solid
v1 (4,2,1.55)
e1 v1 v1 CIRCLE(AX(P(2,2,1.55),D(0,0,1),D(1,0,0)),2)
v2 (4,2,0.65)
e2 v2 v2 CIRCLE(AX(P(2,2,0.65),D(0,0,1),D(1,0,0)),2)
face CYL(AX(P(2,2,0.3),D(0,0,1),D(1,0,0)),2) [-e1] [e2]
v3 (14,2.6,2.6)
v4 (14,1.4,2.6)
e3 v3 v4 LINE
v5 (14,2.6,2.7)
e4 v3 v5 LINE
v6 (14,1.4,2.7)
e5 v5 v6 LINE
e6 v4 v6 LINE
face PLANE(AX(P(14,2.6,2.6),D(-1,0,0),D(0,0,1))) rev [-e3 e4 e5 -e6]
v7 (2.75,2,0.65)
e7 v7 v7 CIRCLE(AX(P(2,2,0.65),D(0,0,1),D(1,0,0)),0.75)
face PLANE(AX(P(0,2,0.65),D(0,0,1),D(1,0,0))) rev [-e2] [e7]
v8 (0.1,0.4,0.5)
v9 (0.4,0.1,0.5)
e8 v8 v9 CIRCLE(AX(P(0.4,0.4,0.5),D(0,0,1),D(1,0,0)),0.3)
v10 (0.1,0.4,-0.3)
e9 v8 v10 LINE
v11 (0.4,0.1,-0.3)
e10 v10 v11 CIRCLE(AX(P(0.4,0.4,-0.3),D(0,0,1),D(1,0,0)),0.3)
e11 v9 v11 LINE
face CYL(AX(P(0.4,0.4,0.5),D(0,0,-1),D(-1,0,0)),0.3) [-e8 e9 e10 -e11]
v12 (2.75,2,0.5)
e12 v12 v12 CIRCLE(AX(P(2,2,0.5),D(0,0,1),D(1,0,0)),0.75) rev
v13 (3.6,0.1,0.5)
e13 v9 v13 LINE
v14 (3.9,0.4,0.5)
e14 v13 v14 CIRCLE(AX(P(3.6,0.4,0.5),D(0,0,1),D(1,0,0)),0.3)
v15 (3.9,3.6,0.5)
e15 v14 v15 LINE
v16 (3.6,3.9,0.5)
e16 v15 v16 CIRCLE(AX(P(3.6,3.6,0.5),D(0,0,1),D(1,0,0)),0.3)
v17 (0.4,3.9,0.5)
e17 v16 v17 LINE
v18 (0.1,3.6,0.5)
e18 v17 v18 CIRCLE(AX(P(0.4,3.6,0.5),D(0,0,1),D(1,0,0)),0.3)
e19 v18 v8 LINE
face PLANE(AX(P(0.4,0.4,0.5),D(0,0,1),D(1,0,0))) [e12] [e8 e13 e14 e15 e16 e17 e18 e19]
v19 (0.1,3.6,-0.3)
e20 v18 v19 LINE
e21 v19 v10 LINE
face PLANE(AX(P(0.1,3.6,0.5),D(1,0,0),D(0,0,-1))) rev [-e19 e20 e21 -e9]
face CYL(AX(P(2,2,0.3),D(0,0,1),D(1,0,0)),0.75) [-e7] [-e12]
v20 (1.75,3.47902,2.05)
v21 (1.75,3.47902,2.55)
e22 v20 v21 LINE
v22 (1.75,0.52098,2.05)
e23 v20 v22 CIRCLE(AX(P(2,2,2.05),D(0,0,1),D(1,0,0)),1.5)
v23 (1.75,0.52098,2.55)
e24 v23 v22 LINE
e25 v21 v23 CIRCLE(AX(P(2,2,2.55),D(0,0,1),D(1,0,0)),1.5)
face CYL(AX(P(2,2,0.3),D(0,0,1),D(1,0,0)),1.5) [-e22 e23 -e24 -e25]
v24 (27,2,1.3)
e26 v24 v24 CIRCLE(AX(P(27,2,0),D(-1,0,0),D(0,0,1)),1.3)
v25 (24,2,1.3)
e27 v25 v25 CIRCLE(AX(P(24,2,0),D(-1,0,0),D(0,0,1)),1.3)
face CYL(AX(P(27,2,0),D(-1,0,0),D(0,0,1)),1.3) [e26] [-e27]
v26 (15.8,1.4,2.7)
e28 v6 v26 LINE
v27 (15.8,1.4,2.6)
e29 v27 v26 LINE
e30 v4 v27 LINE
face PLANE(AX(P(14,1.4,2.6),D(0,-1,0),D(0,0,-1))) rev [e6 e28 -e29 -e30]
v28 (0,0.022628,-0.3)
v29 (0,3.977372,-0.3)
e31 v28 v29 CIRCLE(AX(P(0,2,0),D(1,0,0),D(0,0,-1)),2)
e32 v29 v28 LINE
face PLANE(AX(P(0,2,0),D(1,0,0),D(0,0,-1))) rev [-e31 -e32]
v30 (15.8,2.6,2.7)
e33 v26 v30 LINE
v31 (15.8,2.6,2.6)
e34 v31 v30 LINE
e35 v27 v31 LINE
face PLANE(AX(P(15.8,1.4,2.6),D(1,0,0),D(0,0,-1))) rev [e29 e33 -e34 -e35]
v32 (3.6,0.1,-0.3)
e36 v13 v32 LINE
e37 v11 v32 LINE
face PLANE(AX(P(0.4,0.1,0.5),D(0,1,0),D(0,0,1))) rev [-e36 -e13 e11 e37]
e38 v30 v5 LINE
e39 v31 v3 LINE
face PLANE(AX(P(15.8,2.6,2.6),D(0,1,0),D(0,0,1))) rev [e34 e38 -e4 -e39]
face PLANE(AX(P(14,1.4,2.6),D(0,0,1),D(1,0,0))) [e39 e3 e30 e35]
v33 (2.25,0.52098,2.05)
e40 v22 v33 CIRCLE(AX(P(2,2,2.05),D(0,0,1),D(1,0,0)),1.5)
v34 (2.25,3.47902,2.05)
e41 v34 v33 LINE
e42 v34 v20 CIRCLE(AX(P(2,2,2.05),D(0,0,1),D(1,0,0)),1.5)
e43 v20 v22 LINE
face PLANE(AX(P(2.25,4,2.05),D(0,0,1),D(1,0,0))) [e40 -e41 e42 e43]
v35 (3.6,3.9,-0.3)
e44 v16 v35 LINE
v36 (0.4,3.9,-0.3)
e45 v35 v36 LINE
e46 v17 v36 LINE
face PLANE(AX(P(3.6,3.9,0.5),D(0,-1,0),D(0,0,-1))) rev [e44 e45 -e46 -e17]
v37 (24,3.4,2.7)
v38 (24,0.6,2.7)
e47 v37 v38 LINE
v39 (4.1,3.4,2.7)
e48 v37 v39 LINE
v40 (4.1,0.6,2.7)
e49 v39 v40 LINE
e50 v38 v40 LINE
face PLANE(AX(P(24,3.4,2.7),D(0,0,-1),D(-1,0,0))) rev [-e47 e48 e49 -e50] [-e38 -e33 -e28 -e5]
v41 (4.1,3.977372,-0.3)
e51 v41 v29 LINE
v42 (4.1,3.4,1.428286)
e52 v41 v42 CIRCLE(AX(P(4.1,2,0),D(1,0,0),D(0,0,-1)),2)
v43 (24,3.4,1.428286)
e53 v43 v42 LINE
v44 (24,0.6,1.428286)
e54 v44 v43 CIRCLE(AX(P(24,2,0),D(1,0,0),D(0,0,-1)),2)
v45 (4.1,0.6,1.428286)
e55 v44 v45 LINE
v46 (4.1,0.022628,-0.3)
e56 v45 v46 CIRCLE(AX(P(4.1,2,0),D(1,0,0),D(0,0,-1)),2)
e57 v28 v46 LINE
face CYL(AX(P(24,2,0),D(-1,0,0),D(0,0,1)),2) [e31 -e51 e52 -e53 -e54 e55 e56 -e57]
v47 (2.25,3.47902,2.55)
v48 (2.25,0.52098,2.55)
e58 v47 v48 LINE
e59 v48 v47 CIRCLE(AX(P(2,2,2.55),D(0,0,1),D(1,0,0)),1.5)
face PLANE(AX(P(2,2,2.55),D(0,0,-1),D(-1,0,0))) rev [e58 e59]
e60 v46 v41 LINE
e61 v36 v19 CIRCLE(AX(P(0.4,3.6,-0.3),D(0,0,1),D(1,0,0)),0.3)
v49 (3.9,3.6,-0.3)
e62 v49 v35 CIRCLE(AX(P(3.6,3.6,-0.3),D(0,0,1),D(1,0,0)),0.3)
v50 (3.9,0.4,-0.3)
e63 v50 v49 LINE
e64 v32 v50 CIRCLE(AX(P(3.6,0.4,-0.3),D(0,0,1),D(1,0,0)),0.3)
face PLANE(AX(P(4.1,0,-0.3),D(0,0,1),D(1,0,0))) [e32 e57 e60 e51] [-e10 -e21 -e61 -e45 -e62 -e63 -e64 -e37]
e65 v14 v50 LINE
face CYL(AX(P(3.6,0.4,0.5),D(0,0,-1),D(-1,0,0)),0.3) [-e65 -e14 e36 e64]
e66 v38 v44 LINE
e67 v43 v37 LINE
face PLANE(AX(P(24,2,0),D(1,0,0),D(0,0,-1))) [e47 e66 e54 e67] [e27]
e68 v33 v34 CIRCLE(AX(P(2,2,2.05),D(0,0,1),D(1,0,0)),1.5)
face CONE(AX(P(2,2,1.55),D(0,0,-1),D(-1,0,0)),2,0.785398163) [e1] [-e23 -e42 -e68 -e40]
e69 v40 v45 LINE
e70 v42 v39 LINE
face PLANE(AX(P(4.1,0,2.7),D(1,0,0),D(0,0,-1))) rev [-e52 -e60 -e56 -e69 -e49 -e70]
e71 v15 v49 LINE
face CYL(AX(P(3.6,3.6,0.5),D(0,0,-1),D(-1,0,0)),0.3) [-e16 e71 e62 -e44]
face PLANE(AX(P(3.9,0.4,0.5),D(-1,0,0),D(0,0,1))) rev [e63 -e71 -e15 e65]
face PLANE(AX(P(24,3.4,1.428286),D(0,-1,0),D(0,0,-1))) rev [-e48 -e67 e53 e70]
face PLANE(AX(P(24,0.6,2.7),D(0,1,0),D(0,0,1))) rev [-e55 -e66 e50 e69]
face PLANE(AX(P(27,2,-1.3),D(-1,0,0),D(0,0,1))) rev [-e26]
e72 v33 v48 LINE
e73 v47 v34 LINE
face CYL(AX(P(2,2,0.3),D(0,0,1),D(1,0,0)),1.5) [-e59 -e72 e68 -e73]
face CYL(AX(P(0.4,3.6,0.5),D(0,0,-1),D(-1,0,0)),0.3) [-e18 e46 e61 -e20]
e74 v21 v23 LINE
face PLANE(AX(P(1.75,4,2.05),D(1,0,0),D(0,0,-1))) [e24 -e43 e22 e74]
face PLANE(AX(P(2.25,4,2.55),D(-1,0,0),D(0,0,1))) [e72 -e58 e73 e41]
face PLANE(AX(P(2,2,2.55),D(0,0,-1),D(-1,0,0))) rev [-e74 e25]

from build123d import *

# Parameters (mm, degrees)
BOSS_EXTRUDE1_DEPTH     = 24
SKETCH2_W               = 3
SKETCH2_H               = 4
CUT_EXTRUDE1_DEPTH      = 4.1
BOSS_EXTRUDE2_DEPTH     = 0.8
SKETCH5_W               = 0.5
SKETCH5_H               = 0.5
CUT_EXTRUDE2_DEPTH      = 2
CUT_EXTRUDE2_DEPTH_BACK = 2
SKETCH6_W               = 1.8
SKETCH6_H               = 1.2
CUT_EXTRUDE3_DEPTH      = 0.1
SKETCH7_W               = 3
SKETCH7_H               = 1.3


with BuildPart() as part:
    # Sketch1 → Boss-Extrude1 (new body)
    with BuildSketch(Plane(origin=(0, 0, 0), x_dir=(0, 0, -1), z_dir=(1, 0, 0))):
        with BuildLine():
            Line((-2.7, 0.6), (-1.428285686, 0.6))
            ThreePointArc((-1.428285686, 0.6), (2, 2), (-1.428285686, 3.4))
            Line((-1.428285686, 3.4), (-2.7, 3.4))
            Line((-2.7, 3.4), (-2.7, 0.6))
        make_face()
    extrude(amount=BOSS_EXTRUDE1_DEPTH)

    # Sketch2 → Cut-Extrude1 (cut)
    with BuildSketch(Plane(origin=(0, 0, 0), x_dir=(0, 0, -1), z_dir=(1, 0, 0))):
        with Locations((-1.2, 2)):
            Rectangle(SKETCH2_W, SKETCH2_H)
    extrude(amount=CUT_EXTRUDE1_DEPTH, mode=Mode.SUBTRACT)

    # Sketch3 → Boss-Extrude2 (add)
    with BuildSketch(Plane.XY.offset(-0.3)):
        with BuildLine():
            Line((0.4, 0.1), (3.6, 0.1))
            ThreePointArc((3.6, 0.1), (3.812132034, 0.187867966), (3.9, 0.4))
            Line((3.9, 0.4), (3.9, 3.6))
            ThreePointArc((3.9, 3.6), (3.812132034, 3.812132034), (3.6, 3.9))
            Line((3.6, 3.9), (0.4, 3.9))
            ThreePointArc((0.4, 3.9), (0.187867966, 3.812132034), (0.1, 3.6))
            Line((0.1, 3.6), (0.1, 0.4))
            ThreePointArc((0.1, 0.4), (0.187867966, 0.187867966), (0.4, 0.1))
        make_face()
    extrude(amount=BOSS_EXTRUDE2_DEPTH)

    # Sketch4 → Revolve1 (revolve)
    with BuildSketch(Plane(origin=(0, 2, 0), x_dir=(-1, 0, 0), z_dir=(0, 1, 0))):
        Polygon((-2, 2.55), (-0.5, 2.55), (-0.5, 2.05), (0, 1.55), (0, 0.65), (-1.25, 0.65), (-1.25, 0.3), (-2, 0.3), align=None)
    revolve(axis=Axis((2, 2, 0.3), (0, 0, 1)))

    # Sketch5 → Cut-Extrude2 (cut, two sides)
    with BuildSketch(Plane(origin=(0, 2, 0), x_dir=(-1, 0, 0), z_dir=(0, 1, 0))) as cut_extrude2_sk:
        with Locations((-2, 2.3)):
            Rectangle(SKETCH5_W, SKETCH5_H)
    extrude(amount=CUT_EXTRUDE2_DEPTH, mode=Mode.SUBTRACT)
    extrude(cut_extrude2_sk.sketch, amount=-CUT_EXTRUDE2_DEPTH_BACK, mode=Mode.SUBTRACT)

    # Sketch6 → Cut-Extrude3 (cut)
    with BuildSketch(Plane.XY.offset(2.7)):
        with Locations((14.9, 2)):
            Rectangle(SKETCH6_W, SKETCH6_H)
    extrude(amount=-CUT_EXTRUDE3_DEPTH, mode=Mode.SUBTRACT)

    # Sketch7 → Revolve2 (revolve)
    with BuildSketch(Plane(origin=(0, 2, 0), x_dir=(-1, 0, 0), z_dir=(0, 1, 0))):
        with Locations((-25.5, -0.65)):
            Rectangle(SKETCH7_W, SKETCH7_H)
    revolve(axis=Axis((27, 2, 0), (-1, 0, 0)))


solid = part.part
